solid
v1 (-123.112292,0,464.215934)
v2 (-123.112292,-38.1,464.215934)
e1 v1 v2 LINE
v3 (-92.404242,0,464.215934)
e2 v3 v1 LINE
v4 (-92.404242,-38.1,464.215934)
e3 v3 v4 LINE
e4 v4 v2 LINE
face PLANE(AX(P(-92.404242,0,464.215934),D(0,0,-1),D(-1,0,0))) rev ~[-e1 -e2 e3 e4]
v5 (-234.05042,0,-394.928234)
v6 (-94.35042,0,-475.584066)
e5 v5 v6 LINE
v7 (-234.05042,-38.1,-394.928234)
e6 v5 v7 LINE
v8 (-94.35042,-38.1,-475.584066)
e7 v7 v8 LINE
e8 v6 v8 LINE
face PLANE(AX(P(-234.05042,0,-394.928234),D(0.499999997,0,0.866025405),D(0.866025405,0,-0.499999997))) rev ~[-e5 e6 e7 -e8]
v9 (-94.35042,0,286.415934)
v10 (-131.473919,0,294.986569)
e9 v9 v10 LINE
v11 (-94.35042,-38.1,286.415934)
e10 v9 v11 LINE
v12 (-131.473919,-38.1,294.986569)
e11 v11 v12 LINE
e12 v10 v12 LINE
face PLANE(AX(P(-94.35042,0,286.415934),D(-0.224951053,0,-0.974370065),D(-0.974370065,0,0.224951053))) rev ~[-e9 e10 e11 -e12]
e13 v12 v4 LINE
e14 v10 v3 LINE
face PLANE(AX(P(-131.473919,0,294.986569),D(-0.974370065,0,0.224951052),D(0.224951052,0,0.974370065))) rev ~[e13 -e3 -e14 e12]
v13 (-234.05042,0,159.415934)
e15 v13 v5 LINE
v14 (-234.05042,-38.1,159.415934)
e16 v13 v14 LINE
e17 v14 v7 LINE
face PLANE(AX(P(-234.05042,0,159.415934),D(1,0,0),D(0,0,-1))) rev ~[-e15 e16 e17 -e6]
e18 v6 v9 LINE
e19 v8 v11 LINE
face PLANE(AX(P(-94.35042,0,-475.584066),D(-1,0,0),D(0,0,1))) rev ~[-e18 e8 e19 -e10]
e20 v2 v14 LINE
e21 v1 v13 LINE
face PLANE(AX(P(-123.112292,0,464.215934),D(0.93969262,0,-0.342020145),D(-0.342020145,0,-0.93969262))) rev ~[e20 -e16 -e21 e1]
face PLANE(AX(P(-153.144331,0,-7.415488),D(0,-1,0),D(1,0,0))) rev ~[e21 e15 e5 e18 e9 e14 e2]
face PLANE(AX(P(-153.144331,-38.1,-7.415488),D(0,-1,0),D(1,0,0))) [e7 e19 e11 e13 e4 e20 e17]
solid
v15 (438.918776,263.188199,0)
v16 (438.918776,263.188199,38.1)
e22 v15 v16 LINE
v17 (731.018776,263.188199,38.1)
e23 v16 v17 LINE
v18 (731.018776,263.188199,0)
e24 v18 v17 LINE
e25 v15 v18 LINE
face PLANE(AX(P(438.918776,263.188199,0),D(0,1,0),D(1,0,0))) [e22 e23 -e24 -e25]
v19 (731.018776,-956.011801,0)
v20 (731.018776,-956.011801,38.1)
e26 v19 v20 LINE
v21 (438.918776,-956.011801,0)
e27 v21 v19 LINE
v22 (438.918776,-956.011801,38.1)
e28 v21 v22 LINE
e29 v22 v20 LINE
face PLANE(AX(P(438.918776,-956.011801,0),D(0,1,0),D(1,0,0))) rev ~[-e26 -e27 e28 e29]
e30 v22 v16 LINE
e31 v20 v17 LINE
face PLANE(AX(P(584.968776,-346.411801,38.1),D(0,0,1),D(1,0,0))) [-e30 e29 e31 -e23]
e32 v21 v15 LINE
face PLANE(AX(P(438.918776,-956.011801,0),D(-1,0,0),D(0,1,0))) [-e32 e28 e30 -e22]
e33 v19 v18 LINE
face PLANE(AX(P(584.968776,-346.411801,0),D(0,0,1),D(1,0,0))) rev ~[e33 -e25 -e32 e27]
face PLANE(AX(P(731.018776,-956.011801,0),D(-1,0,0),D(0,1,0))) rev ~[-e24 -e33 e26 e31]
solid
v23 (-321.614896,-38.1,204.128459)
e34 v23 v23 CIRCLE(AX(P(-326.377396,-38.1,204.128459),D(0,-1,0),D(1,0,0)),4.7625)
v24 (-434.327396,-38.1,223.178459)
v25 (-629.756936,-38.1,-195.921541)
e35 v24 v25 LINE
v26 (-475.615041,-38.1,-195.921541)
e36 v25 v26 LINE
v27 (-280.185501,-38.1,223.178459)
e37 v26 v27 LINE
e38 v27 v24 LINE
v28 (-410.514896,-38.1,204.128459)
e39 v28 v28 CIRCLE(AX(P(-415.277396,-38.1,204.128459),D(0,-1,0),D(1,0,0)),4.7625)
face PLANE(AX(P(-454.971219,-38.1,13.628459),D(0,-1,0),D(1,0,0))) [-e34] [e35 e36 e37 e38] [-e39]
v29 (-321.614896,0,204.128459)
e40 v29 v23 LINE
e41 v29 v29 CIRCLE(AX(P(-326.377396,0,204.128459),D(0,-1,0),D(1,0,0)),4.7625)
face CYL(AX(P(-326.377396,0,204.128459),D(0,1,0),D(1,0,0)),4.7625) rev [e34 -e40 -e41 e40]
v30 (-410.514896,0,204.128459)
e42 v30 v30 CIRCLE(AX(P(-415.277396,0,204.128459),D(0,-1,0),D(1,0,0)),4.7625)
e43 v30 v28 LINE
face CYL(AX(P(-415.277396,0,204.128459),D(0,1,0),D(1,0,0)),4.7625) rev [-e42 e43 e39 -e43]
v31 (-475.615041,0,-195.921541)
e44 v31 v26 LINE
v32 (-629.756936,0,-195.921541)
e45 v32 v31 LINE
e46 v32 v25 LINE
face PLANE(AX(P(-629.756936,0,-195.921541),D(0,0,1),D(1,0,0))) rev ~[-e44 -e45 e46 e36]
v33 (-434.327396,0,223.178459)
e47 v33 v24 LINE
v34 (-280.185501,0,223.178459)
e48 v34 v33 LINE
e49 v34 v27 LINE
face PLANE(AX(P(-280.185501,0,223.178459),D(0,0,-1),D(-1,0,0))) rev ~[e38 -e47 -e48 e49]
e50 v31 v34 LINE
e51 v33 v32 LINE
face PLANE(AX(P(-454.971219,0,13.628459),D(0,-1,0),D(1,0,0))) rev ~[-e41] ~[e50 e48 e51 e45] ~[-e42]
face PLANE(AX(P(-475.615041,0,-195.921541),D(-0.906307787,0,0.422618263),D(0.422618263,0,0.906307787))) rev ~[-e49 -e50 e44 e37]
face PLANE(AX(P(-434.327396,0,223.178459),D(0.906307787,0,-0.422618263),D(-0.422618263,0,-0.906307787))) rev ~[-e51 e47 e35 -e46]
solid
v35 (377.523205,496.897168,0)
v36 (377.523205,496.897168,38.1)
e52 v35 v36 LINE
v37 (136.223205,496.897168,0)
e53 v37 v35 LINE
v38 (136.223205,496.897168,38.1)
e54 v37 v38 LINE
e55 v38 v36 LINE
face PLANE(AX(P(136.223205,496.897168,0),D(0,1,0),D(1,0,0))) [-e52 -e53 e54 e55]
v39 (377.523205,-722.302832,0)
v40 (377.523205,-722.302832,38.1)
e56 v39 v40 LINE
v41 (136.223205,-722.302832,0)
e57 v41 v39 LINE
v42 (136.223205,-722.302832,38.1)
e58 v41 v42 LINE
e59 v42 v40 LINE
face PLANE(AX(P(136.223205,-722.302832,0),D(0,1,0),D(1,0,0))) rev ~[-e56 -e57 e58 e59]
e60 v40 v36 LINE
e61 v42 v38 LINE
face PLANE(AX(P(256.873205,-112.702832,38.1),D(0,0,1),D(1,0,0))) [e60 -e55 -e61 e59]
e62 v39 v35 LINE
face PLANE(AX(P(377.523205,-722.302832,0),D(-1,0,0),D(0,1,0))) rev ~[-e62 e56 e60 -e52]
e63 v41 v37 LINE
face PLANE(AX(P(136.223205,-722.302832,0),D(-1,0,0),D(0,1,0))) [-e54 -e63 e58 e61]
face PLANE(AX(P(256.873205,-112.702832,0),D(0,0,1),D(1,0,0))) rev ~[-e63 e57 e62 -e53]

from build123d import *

# Parameters (mm, degrees)
F1_DEPTH = 38.1
F2_R     = 4.7625
F3_DEPTH = 38.1
F4_W     = 292.1
F4_H     = 1219.2
F5_DEPTH = 38.1
F6_W     = 241.3
F6_H     = 1219.2
F7_DEPTH = 38.1


with BuildPart() as f1:
    # F0 (on Front) → F1 (new body)
    with BuildSketch(Plane.XZ):
        Polygon((-123.112292, 464.215934), (-234.05042, 159.415934), (-234.05042, -394.928234), (-94.35042, -475.584066), (-94.35042, 286.415934), (-131.473919, 294.986569), (-92.404242, 464.215934), align=None)
    extrude(amount=F1_DEPTH)


with BuildPart() as f3:
    # F2 (on Front) → F3 (new body)
    with BuildSketch(Plane.XZ):
        Polygon((-280.185501, 223.178459), (-434.327396, 223.178459), (-629.756936, -195.921541), (-475.615041, -195.921541), align=None)
        with Locations((-415.277396, 204.128459)):
            Circle(F2_R, mode=Mode.SUBTRACT)
        with Locations((-326.377396, 204.128459)):
            Circle(F2_R, mode=Mode.SUBTRACT)
    extrude(amount=F3_DEPTH)


with BuildPart() as f5:
    # F4 (on Top) → F5 (new body)
    with BuildSketch(Plane.XY):
        with Locations((584.968776, -346.411801)):
            Rectangle(F4_W, F4_H)
    extrude(amount=F5_DEPTH)


with BuildPart() as f7:
    # F6 (on Top) → F7 (new body)
    with BuildSketch(Plane.XY):
        with Locations((256.873205, -112.702832)):
            Rectangle(F6_W, F6_H)
    extrude(amount=F7_DEPTH)


solid = Compound([f1.part, f3.part, f5.part, f7.part])
